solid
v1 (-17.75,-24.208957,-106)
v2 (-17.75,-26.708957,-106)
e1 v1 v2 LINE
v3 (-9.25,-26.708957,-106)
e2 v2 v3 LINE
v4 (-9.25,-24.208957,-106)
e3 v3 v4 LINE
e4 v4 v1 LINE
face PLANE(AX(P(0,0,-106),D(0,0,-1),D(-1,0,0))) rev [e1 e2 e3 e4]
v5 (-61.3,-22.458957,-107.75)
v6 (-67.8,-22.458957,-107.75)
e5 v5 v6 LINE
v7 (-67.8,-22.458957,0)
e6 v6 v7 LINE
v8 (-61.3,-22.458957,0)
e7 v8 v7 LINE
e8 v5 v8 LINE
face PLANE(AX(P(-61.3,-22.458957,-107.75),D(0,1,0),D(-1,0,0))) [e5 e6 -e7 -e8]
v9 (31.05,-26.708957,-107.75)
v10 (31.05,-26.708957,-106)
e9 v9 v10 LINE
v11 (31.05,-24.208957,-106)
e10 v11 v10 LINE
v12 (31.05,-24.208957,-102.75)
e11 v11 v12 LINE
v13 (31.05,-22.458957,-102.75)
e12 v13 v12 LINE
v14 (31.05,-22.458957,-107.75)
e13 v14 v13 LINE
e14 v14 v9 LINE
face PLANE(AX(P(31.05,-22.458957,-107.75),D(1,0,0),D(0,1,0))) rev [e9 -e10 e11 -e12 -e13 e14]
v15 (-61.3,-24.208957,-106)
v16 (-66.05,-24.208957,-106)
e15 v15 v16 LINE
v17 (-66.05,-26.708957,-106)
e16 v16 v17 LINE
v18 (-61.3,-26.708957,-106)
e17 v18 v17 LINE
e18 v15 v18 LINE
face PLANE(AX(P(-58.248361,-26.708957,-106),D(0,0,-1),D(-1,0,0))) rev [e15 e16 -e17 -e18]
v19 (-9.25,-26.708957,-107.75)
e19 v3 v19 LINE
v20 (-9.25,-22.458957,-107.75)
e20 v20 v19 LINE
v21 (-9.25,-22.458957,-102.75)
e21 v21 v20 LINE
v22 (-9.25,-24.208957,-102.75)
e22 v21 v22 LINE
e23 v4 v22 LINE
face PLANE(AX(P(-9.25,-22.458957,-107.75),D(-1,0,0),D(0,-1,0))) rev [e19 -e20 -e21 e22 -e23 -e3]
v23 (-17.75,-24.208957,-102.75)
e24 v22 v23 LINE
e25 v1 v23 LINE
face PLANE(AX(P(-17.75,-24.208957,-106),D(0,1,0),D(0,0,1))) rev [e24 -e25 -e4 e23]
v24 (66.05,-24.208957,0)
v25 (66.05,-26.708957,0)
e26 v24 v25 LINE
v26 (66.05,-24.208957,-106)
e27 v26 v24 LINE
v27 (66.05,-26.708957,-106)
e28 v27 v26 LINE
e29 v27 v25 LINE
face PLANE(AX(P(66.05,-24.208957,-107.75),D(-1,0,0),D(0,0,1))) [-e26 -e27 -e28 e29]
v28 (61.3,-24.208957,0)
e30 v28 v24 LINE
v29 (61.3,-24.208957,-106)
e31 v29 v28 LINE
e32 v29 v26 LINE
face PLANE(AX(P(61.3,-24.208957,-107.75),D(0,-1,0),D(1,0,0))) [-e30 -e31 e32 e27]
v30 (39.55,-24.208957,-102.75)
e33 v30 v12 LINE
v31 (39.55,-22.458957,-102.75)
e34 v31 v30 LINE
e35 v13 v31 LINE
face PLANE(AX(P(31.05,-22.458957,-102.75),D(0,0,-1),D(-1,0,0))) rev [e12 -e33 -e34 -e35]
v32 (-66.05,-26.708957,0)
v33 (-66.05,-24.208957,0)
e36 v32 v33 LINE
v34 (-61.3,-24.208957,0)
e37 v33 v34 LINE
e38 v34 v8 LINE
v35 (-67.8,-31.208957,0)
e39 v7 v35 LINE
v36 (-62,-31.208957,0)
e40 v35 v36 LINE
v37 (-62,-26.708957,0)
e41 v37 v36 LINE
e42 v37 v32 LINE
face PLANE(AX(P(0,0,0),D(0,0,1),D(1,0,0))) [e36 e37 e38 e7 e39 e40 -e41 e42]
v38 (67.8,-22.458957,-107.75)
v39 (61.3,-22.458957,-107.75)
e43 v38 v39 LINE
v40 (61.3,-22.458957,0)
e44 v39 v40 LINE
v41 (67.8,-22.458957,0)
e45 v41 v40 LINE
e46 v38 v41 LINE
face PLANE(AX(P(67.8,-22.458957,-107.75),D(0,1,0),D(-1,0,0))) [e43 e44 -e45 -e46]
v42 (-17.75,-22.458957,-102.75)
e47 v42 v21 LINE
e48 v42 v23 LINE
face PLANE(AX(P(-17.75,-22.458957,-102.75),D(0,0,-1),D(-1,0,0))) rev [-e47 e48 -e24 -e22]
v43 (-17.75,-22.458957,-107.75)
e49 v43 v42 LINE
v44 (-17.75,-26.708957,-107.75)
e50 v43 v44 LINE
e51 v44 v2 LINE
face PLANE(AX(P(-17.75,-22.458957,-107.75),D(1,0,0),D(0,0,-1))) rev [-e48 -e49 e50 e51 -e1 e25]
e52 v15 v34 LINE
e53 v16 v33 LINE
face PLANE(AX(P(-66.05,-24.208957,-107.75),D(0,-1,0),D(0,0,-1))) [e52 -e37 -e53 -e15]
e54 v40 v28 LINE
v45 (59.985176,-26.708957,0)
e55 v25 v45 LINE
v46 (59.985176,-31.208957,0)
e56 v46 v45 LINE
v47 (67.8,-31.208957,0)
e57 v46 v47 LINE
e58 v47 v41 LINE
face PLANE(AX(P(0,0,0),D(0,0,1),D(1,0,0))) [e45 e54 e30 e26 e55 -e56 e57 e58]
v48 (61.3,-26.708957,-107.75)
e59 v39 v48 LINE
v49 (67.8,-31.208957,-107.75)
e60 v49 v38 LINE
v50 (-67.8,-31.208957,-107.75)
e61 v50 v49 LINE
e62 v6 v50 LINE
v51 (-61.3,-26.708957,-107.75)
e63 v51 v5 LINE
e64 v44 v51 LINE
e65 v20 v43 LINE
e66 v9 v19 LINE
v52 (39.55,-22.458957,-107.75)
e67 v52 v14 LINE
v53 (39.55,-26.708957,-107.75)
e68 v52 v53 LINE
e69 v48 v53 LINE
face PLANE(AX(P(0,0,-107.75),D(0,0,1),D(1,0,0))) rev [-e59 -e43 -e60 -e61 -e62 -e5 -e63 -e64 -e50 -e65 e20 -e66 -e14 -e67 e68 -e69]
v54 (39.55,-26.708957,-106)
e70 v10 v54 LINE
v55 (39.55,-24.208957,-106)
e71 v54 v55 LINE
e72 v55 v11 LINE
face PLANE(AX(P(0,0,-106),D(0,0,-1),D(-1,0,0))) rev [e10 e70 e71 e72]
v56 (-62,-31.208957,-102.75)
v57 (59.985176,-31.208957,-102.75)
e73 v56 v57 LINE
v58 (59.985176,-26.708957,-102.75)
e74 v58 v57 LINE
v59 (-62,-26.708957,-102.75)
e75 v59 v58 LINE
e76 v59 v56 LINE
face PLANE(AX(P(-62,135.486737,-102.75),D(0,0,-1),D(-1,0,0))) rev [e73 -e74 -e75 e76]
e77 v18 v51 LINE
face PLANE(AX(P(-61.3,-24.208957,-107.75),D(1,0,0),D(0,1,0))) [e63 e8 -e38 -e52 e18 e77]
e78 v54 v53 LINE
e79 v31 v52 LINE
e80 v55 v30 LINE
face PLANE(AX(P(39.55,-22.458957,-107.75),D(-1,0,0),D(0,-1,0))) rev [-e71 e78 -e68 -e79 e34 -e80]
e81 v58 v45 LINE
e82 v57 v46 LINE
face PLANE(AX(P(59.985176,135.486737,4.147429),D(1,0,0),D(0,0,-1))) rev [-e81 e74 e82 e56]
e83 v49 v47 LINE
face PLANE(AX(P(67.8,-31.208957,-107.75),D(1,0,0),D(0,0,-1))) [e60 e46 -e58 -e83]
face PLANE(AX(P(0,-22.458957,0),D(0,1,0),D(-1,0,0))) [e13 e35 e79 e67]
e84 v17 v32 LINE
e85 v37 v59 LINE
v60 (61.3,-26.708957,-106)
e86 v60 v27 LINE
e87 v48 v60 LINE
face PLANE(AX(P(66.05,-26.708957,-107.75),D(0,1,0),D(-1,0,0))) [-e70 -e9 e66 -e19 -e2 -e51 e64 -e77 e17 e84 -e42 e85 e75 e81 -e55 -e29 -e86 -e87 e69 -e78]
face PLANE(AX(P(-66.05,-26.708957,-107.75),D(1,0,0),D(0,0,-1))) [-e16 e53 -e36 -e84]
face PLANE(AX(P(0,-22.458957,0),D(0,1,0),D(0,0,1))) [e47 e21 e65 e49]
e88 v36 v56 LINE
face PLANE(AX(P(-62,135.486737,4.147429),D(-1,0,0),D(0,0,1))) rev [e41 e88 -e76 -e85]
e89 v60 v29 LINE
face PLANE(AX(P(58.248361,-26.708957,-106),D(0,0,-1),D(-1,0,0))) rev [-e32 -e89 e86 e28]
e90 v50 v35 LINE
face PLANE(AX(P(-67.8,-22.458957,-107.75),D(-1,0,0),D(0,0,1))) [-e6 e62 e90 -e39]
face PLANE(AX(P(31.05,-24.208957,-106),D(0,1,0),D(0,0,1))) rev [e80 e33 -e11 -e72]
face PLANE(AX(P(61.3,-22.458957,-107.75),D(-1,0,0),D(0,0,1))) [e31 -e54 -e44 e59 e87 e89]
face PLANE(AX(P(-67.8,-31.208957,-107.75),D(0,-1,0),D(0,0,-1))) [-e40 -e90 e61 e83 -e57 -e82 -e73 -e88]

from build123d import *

# Parameters (mm, degrees)
BOSS_EXTRUDE1_DEPTH = 107.75
SKETCH2_W           = 8.5
SKETCH2_H           = 5
BOSS_EXTRUDE2_DEPTH = 4.25
SKETCH3_W           = 8.5
SKETCH3_H           = 2.5
CUT_EXTRUDE1_DEPTH  = 3.25
SKETCH4_W           = 1.75
SKETCH4_H           = 2.5
BOSS_EXTRUDE3_DEPTH = 4.75
SKETCH5_W           = 1.75
SKETCH5_H           = 2.5
BOSS_EXTRUDE4_DEPTH = 4.75
SKETCH7_W           = 121.985175889
SKETCH7_H           = 106.89742867
CUT_EXTRUDE4_DEPTH  = 4.5


with BuildPart() as part:
    # Sketch1 → Boss-Extrude1 (new body)
    with BuildSketch(Plane.XY):
        Polygon((-61.3, -24.208957416), (-61.3, -22.458957416), (-67.8, -22.458957416), (-67.8, -31.208957416), (67.8, -31.208957416), (67.8, -22.458957416), (61.3, -22.458957416), (61.3, -24.208957416), (66.05, -24.208957416), (66.05, -26.708957416), (-66.05, -26.708957416), (-66.05, -24.208957416), align=None)
    extrude(amount=-BOSS_EXTRUDE1_DEPTH)

    # Sketch2 → Boss-Extrude2 (add)
    with BuildSketch(Plane(origin=(0, -26.708957416, 0), x_dir=(1, 0, 0), z_dir=(0, 1, 0))):
        with Locations((-13.5, 105.25)):
            Rectangle(SKETCH2_W, SKETCH2_H)
        with Locations((35.3, 105.25)):
            Rectangle(SKETCH2_W, SKETCH2_H)
    extrude(amount=BOSS_EXTRUDE2_DEPTH)

    # Sketch3 → Cut-Extrude1 (cut)
    with BuildSketch(Plane.XY.offset(-102.75)):
        with Locations((-13.5, -25.458957416)):
            Rectangle(SKETCH3_W, SKETCH3_H)
        with Locations((35.3, -25.458957416)):
            Rectangle(SKETCH3_W, SKETCH3_H)
    extrude(amount=-CUT_EXTRUDE1_DEPTH, mode=Mode.SUBTRACT)

    # Sketch4 → Boss-Extrude3 (add)
    with BuildSketch(Plane.ZY.offset(-66.05)):
        with Locations((-106.875, -25.458957416)):
            Rectangle(SKETCH4_W, SKETCH4_H)
    extrude(amount=BOSS_EXTRUDE3_DEPTH)

    # Sketch5 → Boss-Extrude4 (add)
    with BuildSketch(Plane(origin=(-66.05, 0, 0), x_dir=(0, 0, -1), z_dir=(1, 0, 0))):
        with Locations((106.875, -25.458957416)):
            Rectangle(SKETCH5_W, SKETCH5_H)
    extrude(amount=BOSS_EXTRUDE4_DEPTH)

    # Sketch7 → Cut-Extrude4 (cut)
    with BuildSketch(Plane.XZ.offset(31.208957416)):
        with Locations((-1.007412056, -49.301285665)):
            Rectangle(SKETCH7_W, SKETCH7_H)
    extrude(amount=-CUT_EXTRUDE4_DEPTH, mode=Mode.SUBTRACT)


solid = part.part
